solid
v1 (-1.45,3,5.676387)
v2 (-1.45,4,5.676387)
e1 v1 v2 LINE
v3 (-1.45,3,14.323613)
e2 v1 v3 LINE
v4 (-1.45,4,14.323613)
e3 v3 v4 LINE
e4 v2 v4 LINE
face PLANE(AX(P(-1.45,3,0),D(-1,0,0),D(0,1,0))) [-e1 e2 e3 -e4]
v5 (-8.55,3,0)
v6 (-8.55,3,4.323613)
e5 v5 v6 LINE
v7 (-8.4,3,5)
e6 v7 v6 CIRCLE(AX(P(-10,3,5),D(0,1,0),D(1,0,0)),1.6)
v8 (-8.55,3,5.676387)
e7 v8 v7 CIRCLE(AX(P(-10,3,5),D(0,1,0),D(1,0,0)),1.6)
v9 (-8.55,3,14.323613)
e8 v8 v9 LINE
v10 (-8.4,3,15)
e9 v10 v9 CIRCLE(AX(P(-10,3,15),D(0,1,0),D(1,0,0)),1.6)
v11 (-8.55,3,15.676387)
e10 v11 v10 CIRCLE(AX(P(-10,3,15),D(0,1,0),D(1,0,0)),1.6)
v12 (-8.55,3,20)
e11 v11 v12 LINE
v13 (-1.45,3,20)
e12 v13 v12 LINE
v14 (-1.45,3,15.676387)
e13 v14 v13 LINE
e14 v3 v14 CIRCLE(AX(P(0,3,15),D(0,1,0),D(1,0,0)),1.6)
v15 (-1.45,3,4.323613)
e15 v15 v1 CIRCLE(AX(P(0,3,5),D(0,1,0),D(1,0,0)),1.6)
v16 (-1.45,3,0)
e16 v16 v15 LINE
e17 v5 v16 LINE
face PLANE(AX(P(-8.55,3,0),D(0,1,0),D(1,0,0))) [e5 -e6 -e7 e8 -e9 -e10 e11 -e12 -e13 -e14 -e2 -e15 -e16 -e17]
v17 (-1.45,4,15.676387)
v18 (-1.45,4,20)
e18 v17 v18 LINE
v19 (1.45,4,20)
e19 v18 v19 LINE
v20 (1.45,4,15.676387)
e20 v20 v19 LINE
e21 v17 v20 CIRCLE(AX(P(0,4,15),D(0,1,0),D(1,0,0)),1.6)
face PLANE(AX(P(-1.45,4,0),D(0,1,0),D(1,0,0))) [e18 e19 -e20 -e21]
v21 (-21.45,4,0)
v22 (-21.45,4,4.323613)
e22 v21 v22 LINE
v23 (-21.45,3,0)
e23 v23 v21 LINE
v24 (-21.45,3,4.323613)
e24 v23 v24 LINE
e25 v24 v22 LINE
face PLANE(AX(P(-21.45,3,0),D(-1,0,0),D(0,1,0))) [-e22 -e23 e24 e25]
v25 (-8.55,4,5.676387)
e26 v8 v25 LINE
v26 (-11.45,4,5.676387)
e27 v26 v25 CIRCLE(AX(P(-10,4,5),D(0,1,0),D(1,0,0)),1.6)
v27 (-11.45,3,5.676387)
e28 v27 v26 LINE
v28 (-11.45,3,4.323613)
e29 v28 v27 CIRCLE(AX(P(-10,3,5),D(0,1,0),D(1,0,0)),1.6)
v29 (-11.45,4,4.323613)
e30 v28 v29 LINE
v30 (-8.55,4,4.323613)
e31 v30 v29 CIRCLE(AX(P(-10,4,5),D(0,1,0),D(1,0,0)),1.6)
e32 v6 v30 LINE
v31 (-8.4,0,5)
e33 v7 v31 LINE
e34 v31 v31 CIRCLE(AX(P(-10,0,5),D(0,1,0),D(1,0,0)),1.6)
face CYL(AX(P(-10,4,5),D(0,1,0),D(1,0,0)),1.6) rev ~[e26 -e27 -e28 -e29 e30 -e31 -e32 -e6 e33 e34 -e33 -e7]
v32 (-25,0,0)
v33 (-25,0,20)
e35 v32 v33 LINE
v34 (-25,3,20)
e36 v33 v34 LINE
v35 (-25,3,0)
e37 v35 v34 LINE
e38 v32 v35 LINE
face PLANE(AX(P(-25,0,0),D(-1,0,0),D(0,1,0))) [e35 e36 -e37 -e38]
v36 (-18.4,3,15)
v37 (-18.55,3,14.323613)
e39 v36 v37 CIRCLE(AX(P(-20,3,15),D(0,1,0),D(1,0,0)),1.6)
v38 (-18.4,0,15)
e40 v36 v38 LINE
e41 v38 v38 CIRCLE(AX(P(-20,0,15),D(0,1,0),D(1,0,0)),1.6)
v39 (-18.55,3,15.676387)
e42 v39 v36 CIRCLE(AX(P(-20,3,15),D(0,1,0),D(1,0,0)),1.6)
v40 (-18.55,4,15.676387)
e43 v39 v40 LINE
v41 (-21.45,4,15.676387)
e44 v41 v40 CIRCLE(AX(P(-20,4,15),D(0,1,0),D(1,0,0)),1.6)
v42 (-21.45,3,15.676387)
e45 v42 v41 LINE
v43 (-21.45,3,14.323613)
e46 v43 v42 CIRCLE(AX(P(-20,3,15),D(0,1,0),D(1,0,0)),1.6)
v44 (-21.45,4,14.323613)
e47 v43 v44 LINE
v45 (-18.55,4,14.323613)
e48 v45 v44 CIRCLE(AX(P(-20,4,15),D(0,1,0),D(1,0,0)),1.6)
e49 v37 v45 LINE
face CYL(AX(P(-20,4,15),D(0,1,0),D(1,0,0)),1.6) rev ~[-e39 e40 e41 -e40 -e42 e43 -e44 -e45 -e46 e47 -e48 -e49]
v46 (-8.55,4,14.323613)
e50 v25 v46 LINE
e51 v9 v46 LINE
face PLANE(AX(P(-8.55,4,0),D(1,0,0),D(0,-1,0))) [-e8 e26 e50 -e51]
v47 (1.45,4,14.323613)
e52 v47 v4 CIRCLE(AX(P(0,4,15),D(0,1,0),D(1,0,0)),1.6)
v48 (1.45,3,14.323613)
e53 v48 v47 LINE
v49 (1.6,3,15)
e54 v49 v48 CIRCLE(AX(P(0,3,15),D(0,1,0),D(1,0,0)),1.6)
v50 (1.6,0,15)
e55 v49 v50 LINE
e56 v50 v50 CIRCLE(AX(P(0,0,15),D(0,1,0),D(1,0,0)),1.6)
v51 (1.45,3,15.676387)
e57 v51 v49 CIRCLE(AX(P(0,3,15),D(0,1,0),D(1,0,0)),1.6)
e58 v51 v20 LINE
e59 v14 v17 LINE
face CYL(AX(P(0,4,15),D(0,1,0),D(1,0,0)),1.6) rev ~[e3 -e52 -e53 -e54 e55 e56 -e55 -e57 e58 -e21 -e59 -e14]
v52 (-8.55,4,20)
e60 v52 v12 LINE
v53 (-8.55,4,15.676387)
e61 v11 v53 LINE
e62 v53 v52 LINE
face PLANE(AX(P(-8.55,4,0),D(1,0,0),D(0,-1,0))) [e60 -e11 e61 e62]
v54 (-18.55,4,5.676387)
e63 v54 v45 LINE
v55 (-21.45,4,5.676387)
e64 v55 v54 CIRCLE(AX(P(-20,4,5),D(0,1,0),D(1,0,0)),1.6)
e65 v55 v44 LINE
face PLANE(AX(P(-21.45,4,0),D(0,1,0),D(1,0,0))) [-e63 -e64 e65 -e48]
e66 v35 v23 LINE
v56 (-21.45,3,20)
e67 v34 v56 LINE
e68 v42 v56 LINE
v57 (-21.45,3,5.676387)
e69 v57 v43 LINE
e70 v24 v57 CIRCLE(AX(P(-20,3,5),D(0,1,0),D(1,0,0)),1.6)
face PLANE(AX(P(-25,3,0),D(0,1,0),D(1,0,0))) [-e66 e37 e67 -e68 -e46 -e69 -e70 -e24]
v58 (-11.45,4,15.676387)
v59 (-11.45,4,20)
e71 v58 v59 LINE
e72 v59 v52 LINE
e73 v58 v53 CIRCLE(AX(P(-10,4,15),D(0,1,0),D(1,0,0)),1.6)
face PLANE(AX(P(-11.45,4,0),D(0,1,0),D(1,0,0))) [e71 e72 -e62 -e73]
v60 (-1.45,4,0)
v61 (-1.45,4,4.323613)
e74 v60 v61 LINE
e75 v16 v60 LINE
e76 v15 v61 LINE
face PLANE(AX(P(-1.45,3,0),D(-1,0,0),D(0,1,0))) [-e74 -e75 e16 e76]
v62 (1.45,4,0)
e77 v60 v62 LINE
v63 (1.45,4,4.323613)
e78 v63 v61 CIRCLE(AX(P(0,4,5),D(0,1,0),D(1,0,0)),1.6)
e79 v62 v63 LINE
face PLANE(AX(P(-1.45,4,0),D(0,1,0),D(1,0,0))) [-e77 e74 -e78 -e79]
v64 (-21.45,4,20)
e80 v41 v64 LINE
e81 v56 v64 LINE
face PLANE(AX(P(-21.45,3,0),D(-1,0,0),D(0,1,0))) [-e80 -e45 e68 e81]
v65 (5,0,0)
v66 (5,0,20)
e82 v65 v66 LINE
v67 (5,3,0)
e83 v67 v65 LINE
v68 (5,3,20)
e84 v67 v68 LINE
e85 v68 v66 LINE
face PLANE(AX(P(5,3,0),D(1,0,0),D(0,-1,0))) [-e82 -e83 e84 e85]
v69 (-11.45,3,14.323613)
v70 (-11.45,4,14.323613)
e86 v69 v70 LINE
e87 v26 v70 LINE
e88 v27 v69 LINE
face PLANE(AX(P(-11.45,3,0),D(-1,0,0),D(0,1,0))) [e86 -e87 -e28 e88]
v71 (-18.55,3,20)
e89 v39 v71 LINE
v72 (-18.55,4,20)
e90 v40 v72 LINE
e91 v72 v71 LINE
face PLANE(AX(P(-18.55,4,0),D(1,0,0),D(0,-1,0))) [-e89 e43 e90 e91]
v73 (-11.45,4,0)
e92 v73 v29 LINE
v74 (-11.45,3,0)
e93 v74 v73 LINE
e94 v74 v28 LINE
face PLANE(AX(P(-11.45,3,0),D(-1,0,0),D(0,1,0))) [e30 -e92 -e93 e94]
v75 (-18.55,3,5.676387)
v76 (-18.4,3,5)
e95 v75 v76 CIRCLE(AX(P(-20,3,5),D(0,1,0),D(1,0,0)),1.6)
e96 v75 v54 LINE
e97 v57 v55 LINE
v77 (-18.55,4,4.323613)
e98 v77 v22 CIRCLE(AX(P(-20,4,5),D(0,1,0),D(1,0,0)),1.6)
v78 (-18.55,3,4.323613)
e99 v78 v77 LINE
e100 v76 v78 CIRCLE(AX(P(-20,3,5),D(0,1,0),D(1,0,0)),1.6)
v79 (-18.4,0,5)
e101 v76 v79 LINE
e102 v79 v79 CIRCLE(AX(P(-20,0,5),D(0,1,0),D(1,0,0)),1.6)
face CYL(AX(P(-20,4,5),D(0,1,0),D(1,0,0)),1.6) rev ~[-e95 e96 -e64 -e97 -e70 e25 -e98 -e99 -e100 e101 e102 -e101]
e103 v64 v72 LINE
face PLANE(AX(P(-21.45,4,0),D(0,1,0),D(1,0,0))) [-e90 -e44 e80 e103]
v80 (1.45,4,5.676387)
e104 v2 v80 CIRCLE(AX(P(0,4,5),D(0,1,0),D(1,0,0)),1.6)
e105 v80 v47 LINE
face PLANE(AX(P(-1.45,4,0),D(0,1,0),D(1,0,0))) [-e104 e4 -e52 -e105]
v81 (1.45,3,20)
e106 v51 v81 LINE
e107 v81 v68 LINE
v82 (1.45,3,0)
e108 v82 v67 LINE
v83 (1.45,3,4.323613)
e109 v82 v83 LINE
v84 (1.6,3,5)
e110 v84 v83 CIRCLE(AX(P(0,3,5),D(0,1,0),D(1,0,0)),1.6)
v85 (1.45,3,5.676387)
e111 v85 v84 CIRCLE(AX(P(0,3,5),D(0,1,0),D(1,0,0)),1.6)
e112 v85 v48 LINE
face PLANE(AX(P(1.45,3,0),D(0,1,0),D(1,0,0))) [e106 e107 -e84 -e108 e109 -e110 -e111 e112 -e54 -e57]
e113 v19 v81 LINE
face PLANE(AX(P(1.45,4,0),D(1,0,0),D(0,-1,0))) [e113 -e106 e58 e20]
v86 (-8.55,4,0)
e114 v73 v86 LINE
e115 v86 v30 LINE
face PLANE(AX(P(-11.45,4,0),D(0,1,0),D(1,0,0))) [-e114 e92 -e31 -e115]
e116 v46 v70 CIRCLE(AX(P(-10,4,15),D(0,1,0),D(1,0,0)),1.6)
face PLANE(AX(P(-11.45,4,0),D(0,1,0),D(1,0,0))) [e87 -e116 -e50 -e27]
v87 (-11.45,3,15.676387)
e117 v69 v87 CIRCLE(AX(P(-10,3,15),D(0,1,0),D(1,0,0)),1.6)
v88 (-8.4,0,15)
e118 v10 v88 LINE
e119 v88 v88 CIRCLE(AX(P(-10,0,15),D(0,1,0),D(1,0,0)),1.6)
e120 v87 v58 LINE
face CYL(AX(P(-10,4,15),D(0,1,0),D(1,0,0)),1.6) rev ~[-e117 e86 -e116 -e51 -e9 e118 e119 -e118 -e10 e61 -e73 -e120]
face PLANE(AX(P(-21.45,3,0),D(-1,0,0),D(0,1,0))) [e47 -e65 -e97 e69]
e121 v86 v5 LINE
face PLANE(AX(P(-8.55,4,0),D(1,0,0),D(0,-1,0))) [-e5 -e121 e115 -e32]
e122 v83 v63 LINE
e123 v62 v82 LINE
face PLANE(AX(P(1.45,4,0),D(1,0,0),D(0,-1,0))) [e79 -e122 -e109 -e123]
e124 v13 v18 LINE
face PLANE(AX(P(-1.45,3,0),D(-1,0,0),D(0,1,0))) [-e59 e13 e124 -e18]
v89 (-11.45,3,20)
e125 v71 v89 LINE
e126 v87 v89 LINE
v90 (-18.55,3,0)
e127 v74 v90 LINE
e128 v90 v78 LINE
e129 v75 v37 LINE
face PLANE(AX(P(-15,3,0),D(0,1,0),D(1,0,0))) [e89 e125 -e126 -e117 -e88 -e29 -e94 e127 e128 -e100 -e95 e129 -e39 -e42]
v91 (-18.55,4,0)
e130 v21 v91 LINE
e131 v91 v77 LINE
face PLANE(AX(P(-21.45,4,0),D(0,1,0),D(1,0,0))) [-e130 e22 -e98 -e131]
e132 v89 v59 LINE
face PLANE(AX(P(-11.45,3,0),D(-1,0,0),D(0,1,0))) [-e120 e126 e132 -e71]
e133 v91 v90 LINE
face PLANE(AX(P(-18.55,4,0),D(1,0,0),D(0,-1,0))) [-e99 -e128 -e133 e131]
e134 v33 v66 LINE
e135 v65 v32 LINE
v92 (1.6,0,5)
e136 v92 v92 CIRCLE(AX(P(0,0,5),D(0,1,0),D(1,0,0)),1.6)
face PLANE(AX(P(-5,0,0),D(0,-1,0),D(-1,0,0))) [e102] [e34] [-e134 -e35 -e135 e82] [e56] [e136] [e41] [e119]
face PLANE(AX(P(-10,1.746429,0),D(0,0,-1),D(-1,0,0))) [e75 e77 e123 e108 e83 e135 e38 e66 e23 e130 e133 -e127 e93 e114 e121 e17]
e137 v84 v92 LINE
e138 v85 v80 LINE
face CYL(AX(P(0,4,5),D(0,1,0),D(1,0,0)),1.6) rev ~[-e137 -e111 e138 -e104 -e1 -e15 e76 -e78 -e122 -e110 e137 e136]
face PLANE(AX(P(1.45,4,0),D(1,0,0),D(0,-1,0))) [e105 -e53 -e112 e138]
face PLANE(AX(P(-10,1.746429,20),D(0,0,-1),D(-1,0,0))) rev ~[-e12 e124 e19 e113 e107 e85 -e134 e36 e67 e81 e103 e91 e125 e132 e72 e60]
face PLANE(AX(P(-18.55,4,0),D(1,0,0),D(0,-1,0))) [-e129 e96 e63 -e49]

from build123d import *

# Parameters (mm, degrees)
MAIN_DEPTH                 = 20
ESQUISSE2_R                = 1.6
TOPHOLE_DEPTH              = 5
R_P_TITION_LIN_AIRE1_COUNT = 3
R_P_TITION_LIN_AIRE1_PITCH = 10


with BuildPart() as part:
    # Esquisse1 → Main (new body)
    with BuildSketch(Plane.XY):
        Polygon((-5, 0), (-5, 3), (-1.45, 3), (-1.45, 4), (1.45, 4), (1.45, 3), (5, 3), (5, 0), align=None)
    main = extrude(amount=MAIN_DEPTH)

    # Esquisse2 → TopHole (cut, through all)
    with BuildSketch(Plane(origin=(0, 4, 0), x_dir=(1, 0, 0), z_dir=(0, 1, 0))):
        with Locations((0, -5)):
            Circle(ESQUISSE2_R)
        with Locations((0, -15)):
            Circle(ESQUISSE2_R)
    tophole = extrude(amount=-TOPHOLE_DEPTH, mode=Mode.SUBTRACT)

    # Répétition linéaire1: Main, TopHole ×3
    with Locations(*[(-i * R_P_TITION_LIN_AIRE1_PITCH, 0, 0) for i in range(1, R_P_TITION_LIN_AIRE1_COUNT)]):
        add(main)
        add(tophole, mode=Mode.SUBTRACT)


solid = part.part
